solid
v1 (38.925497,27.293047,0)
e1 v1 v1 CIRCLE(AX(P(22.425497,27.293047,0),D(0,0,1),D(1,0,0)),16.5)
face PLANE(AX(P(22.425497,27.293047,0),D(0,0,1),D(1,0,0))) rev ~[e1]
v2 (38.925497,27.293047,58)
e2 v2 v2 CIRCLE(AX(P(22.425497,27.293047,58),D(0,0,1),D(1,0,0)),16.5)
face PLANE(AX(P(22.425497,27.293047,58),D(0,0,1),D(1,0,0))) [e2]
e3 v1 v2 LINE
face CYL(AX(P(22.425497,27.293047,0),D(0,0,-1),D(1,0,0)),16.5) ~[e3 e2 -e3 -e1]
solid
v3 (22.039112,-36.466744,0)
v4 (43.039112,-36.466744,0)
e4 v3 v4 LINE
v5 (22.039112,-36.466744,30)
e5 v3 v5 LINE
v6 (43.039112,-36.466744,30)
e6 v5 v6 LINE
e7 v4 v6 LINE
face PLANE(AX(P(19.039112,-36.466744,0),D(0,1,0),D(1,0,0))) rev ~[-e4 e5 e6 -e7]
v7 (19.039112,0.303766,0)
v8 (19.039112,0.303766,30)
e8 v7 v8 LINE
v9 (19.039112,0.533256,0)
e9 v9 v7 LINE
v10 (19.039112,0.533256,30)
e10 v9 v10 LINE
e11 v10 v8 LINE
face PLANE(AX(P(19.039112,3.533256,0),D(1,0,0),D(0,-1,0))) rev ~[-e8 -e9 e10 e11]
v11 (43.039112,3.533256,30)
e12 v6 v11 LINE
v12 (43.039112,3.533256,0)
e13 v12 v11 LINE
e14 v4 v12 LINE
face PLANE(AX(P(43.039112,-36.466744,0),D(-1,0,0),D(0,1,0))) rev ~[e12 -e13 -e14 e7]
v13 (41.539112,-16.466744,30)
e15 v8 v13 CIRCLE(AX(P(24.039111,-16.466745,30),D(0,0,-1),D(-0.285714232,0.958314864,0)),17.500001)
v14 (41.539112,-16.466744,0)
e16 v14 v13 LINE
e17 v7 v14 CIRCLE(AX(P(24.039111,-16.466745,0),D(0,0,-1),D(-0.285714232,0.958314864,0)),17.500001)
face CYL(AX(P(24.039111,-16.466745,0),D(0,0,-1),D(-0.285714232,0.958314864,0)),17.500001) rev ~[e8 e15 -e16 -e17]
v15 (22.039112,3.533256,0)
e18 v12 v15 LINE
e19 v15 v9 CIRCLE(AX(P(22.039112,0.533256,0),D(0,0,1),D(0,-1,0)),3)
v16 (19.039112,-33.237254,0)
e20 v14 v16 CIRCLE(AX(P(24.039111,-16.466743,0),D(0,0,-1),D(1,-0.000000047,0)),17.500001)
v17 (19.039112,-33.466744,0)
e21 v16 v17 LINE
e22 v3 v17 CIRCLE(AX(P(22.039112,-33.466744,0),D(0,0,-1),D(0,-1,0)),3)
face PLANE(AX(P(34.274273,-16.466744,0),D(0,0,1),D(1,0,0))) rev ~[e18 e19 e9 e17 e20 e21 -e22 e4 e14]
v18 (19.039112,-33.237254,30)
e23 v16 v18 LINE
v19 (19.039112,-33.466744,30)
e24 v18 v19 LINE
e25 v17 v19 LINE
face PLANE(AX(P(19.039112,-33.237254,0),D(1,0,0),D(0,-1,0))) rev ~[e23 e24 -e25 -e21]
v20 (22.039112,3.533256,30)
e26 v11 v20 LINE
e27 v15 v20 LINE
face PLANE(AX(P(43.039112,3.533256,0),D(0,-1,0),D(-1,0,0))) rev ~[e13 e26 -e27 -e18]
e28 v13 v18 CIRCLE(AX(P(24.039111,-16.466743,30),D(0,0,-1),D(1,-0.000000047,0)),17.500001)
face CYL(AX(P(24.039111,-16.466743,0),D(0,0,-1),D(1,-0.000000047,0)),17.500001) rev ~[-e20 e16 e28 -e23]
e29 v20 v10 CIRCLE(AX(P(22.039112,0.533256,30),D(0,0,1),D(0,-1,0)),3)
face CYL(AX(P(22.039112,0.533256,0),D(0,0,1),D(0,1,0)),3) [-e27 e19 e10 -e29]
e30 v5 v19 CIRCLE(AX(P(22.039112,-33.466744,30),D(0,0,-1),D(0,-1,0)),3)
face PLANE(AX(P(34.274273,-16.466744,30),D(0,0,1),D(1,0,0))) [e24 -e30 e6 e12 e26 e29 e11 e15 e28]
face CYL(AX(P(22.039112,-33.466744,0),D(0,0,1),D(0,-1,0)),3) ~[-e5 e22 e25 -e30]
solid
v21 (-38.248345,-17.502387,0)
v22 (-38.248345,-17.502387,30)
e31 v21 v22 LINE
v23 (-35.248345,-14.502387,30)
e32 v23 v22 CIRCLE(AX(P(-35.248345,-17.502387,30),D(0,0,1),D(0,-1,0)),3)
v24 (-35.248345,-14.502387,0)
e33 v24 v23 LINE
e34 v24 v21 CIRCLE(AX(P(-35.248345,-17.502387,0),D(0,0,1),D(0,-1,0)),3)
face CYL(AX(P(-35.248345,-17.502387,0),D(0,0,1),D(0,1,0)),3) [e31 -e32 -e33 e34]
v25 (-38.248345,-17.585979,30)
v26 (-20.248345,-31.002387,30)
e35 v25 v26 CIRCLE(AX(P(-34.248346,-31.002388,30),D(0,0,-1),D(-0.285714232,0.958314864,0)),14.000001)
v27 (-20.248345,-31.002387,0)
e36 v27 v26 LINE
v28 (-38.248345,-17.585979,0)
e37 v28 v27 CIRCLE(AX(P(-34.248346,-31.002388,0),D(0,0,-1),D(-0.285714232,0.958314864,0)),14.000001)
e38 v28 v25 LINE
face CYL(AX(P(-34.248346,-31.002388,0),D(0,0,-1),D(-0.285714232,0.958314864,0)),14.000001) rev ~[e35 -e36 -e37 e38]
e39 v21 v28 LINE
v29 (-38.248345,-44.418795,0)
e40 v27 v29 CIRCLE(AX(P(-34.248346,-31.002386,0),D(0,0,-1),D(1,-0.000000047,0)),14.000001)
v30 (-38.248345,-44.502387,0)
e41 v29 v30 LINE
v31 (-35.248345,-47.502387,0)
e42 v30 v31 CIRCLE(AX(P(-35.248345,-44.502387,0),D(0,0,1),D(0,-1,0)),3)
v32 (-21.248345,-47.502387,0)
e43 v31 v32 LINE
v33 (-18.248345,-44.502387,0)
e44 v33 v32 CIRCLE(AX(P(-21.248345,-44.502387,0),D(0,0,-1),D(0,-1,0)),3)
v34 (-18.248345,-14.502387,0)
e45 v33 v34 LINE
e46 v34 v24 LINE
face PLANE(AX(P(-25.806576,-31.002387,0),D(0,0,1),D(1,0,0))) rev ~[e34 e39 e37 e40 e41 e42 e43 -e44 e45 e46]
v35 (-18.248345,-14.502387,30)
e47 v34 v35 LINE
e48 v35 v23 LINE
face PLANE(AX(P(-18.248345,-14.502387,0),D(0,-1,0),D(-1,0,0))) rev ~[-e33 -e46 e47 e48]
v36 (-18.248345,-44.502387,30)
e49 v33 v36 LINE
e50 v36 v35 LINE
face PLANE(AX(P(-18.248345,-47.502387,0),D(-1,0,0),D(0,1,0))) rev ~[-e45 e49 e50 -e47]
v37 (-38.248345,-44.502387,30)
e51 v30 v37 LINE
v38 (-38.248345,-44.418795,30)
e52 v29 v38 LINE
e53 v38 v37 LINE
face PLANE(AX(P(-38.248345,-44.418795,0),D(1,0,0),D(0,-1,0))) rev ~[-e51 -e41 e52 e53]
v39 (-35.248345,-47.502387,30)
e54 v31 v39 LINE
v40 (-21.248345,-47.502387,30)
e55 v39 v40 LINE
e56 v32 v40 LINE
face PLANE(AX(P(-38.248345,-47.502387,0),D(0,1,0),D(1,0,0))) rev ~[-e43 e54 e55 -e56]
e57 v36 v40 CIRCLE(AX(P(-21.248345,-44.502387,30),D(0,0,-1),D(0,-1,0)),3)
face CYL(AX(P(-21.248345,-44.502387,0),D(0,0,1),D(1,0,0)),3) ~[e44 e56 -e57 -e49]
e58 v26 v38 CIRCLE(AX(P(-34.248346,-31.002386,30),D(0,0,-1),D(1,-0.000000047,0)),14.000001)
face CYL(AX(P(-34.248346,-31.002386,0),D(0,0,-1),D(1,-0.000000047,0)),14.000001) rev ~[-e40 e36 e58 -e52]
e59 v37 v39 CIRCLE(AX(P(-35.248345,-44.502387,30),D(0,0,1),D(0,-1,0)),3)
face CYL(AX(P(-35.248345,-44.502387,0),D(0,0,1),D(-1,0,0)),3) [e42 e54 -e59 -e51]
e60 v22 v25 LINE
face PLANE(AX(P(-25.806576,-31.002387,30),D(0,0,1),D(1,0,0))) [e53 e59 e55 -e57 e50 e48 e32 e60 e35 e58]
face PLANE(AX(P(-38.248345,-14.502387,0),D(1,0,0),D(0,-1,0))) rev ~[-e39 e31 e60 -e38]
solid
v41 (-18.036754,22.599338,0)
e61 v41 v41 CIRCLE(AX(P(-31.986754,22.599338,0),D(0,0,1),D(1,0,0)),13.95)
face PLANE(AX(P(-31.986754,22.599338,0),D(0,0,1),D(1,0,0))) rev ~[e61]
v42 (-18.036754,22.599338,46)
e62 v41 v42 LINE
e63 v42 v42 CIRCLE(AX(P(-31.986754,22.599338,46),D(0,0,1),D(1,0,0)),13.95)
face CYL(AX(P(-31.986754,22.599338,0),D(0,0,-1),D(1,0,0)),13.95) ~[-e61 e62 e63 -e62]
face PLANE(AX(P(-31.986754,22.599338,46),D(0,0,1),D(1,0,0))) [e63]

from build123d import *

# Parameters (mm, degrees)
F0_R     = 13.95
F1_DEPTH = 46
F0_R_2   = 16.5
F2_DEPTH = 58
F4_DEPTH = 30
F5_R     = 3
F6_R     = 3


with BuildPart() as f1:
    # F0 (on Top) → F1 (new body)
    with BuildSketch(Plane.XY):
        with Locations((-31.986754, 22.599338)):
            Circle(F0_R)
    extrude(amount=F1_DEPTH)


with BuildPart() as f2:
    # F0 (on Top) → F2 (new body)
    with BuildSketch(Plane.XY):
        with Locations((22.425497, 27.293047)):
            Circle(F0_R_2)
    extrude(amount=F2_DEPTH)


with BuildPart() as f4:
    # F3 (on Top) → F4 (new body)
    with BuildSketch(Plane.XY):
        with BuildLine():
            Line((19.039112, -36.466744), (43.039112, -36.466744))
            Line((43.039112, -36.466744), (43.039112, 3.533256))
            Line((43.039112, 3.533256), (19.039112, 3.533256))
            Line((19.039112, 3.533256), (19.039112, 0.303766))
            ThreePointArc((19.039112, 0.303766), (34.497362, -2.435529), (41.539112, -16.466744))
            ThreePointArc((41.539112, -16.466744), (34.497362, -30.497959), (19.039112, -33.237254))
            Line((19.039112, -33.237254), (19.039112, -36.466744))
        make_face()
        with BuildLine():
            Line((-18.248345, -14.502387), (-38.248345, -14.502387))
            Line((-38.248345, -14.502387), (-38.248345, -17.585979))
            ThreePointArc((-38.248345, -17.585979), (-25.881745, -19.777415), (-20.248345, -31.002387))
            ThreePointArc((-20.248345, -31.002387), (-25.881745, -42.227359), (-38.248345, -44.418795))
            Line((-38.248345, -44.418795), (-38.248345, -47.502387))
            Line((-38.248345, -47.502387), (-18.248345, -47.502387))
            Line((-18.248345, -47.502387), (-18.248345, -14.502387))
        make_face()
    extrude(amount=F4_DEPTH)

    # F5
    f5_edges = [f4.edges().sort_by_distance(p)[0] for p in [
        (-38.248345, -47.502387, 15),
        (-38.248345, -14.502387, 15),
        (19.039112, 3.533256, 15),
        (19.039112, -36.466744, 15),
    ]]
    fillet(f5_edges, radius=F5_R)

    # F6
    f6_edges = [f4.edges().sort_by_distance(p)[0] for p in [
        (-18.248345, -47.502387, 15),
    ]]
    fillet(f6_edges, radius=F6_R)


solid = Compound([f1.part, f2.part, f4.part])
